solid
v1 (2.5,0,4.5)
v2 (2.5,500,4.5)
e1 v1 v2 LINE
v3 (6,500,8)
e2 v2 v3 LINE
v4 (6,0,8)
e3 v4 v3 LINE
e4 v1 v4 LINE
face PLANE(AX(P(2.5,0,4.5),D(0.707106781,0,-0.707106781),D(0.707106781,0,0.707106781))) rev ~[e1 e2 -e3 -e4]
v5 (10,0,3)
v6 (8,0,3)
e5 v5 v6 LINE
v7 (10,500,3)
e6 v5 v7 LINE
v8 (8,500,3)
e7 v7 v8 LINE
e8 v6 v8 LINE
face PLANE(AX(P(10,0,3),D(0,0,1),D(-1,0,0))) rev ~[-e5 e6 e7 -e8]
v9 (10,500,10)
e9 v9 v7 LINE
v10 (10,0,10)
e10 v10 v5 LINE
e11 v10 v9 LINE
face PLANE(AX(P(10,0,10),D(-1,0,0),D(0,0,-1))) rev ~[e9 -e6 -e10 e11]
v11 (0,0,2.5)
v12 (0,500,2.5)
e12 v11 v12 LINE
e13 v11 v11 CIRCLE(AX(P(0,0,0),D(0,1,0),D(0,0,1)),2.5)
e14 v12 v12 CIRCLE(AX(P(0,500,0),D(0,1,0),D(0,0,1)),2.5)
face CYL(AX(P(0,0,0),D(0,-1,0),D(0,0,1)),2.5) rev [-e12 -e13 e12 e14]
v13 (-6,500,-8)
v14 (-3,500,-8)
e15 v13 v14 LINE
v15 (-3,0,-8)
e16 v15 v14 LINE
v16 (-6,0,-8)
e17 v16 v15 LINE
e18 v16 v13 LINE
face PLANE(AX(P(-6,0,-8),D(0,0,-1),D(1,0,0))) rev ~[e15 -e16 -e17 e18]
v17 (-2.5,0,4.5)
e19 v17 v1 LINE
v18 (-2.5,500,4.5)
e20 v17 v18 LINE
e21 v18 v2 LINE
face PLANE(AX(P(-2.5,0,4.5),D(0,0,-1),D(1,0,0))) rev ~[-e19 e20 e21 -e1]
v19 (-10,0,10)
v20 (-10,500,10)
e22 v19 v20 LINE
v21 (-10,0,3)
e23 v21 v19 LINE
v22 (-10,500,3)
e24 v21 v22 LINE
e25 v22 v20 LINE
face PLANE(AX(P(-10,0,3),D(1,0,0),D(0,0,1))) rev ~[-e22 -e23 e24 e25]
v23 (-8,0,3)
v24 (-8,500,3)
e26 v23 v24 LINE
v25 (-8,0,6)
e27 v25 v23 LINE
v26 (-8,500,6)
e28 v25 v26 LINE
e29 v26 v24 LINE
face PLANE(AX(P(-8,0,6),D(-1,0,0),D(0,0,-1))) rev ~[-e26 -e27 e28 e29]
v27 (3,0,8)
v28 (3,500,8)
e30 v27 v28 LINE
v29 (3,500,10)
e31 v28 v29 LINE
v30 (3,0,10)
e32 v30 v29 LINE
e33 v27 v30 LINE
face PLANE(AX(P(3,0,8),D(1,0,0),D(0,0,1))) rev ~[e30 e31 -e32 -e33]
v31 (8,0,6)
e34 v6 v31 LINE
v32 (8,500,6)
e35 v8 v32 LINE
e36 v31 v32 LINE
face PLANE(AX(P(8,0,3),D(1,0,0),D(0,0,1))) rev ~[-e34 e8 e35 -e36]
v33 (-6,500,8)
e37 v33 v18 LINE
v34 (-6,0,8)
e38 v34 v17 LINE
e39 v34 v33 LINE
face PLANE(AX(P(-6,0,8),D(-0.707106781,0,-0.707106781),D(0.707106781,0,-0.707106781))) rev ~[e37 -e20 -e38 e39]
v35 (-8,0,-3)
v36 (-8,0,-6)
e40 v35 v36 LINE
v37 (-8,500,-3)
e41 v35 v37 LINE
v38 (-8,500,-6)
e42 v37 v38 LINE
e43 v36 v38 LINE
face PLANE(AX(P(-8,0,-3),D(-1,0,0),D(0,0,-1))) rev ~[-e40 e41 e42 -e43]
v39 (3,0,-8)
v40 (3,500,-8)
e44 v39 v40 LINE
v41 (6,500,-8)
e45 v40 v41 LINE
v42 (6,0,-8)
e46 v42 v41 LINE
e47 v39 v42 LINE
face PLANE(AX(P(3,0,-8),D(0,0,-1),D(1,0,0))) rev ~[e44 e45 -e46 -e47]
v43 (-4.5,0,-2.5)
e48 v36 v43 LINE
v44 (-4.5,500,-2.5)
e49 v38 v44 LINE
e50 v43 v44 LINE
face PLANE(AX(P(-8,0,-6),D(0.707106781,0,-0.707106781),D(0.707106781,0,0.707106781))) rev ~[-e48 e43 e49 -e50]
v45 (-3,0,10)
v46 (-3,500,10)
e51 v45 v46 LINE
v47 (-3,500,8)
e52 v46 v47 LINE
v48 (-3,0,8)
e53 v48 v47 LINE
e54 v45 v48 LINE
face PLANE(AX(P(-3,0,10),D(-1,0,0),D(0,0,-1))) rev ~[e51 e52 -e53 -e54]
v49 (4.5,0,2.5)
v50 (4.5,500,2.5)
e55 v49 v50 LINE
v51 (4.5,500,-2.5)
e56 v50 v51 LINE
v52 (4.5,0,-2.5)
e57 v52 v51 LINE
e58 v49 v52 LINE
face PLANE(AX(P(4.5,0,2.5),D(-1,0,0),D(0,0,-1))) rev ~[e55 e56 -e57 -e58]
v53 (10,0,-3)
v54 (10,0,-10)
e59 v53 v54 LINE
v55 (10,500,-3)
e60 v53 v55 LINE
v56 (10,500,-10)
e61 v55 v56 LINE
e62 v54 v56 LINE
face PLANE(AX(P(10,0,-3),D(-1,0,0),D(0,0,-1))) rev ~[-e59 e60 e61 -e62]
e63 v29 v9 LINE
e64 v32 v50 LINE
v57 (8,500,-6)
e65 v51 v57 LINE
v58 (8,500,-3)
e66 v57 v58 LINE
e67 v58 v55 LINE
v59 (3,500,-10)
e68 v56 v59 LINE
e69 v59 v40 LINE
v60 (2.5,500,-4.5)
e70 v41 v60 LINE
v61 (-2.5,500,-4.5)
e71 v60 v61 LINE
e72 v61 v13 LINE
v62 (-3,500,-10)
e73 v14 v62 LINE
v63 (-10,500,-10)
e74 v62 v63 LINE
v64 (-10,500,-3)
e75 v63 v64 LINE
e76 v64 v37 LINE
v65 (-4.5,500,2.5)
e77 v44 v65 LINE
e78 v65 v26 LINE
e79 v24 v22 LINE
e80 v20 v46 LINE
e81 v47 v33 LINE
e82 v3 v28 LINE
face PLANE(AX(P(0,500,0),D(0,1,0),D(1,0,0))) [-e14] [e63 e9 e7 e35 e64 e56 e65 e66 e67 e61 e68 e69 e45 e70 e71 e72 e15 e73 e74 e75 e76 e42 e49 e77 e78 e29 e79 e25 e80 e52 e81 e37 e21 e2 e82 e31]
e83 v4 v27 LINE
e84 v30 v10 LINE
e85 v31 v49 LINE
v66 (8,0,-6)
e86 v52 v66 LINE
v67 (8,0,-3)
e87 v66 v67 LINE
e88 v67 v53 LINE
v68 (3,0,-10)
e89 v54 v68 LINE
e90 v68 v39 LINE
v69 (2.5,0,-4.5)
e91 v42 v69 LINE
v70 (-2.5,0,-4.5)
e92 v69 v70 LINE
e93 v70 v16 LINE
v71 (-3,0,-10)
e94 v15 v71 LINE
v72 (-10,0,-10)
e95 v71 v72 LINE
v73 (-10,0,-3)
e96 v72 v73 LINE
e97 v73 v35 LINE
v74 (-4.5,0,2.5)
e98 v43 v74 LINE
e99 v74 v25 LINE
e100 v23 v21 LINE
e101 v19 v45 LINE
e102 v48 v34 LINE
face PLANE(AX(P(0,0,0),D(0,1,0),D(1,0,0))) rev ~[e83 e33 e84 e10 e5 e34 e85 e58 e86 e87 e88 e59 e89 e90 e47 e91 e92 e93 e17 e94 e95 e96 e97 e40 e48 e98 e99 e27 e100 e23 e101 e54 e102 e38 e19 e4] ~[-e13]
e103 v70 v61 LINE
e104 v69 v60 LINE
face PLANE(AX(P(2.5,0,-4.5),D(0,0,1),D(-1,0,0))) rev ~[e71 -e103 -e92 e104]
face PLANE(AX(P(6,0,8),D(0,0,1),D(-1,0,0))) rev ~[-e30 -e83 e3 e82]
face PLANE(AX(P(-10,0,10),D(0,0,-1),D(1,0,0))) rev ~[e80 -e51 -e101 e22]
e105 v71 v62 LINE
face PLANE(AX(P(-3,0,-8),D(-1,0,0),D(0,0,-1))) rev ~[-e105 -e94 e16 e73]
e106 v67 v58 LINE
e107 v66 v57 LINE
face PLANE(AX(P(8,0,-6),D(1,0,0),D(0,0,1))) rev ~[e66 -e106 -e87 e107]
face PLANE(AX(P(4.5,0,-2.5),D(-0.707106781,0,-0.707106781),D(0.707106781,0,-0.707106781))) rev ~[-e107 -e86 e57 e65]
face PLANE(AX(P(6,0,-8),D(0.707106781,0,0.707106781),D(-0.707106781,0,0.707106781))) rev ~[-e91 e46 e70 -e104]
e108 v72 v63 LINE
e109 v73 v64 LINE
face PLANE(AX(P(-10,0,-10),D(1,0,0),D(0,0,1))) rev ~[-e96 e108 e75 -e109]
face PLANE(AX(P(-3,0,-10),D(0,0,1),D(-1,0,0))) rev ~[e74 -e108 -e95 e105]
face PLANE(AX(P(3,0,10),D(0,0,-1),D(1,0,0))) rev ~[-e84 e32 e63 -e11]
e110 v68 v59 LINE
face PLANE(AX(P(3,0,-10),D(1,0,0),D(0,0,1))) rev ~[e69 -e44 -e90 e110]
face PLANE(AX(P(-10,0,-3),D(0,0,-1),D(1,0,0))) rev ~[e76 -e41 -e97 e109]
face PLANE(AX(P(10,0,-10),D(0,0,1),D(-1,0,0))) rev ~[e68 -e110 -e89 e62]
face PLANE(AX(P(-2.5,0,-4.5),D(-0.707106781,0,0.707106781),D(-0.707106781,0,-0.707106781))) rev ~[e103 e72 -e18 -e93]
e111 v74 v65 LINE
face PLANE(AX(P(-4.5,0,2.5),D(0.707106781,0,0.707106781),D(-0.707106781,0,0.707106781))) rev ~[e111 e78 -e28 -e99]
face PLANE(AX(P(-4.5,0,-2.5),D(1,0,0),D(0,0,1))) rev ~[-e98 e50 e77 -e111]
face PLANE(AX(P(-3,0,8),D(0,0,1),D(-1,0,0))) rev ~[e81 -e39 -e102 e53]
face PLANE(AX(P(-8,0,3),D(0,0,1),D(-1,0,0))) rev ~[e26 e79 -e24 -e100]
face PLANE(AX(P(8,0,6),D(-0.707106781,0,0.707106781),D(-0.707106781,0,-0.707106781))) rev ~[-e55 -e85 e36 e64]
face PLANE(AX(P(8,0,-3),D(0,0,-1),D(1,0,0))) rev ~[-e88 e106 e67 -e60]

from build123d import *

# Parameters (mm, degrees)
CROQUIS1_R              = 2.5
SALIENTE_EXTRUIR1_DEPTH = 500


with BuildPart() as part:
    # Croquis1 → Saliente-Extruir1 (new body)
    with BuildSketch(Plane(origin=(0, 0, 0), x_dir=(1, 0, 0), z_dir=(0, 1, 0))):
        Polygon((3, 10), (3, 8), (6, 8), (2.5, 4.5), (-2.5, 4.5), (-6, 8), (-3, 8), (-3, 10), (-10, 10), (-10, 3), (-8, 3), (-8, 6), (-4.5, 2.5), (-4.5, -2.5), (-8, -6), (-8, -3), (-10, -3), (-10, -10), (-3, -10), (-3, -8), (-6, -8), (-2.5, -4.5), (2.5, -4.5), (6, -8), (3, -8), (3, -10), (10, -10), (10, -3), (8, -3), (8, -6), (4.5, -2.5), (4.5, 2.5), (8, 6), (8, 3), (10, 3), (10, 10), align=None)
        with Locations(Location((0, 0, 0), (0, 0, 270))):
            Circle(CROQUIS1_R, mode=Mode.SUBTRACT)
    extrude(amount=SALIENTE_EXTRUIR1_DEPTH)


solid = part.part
